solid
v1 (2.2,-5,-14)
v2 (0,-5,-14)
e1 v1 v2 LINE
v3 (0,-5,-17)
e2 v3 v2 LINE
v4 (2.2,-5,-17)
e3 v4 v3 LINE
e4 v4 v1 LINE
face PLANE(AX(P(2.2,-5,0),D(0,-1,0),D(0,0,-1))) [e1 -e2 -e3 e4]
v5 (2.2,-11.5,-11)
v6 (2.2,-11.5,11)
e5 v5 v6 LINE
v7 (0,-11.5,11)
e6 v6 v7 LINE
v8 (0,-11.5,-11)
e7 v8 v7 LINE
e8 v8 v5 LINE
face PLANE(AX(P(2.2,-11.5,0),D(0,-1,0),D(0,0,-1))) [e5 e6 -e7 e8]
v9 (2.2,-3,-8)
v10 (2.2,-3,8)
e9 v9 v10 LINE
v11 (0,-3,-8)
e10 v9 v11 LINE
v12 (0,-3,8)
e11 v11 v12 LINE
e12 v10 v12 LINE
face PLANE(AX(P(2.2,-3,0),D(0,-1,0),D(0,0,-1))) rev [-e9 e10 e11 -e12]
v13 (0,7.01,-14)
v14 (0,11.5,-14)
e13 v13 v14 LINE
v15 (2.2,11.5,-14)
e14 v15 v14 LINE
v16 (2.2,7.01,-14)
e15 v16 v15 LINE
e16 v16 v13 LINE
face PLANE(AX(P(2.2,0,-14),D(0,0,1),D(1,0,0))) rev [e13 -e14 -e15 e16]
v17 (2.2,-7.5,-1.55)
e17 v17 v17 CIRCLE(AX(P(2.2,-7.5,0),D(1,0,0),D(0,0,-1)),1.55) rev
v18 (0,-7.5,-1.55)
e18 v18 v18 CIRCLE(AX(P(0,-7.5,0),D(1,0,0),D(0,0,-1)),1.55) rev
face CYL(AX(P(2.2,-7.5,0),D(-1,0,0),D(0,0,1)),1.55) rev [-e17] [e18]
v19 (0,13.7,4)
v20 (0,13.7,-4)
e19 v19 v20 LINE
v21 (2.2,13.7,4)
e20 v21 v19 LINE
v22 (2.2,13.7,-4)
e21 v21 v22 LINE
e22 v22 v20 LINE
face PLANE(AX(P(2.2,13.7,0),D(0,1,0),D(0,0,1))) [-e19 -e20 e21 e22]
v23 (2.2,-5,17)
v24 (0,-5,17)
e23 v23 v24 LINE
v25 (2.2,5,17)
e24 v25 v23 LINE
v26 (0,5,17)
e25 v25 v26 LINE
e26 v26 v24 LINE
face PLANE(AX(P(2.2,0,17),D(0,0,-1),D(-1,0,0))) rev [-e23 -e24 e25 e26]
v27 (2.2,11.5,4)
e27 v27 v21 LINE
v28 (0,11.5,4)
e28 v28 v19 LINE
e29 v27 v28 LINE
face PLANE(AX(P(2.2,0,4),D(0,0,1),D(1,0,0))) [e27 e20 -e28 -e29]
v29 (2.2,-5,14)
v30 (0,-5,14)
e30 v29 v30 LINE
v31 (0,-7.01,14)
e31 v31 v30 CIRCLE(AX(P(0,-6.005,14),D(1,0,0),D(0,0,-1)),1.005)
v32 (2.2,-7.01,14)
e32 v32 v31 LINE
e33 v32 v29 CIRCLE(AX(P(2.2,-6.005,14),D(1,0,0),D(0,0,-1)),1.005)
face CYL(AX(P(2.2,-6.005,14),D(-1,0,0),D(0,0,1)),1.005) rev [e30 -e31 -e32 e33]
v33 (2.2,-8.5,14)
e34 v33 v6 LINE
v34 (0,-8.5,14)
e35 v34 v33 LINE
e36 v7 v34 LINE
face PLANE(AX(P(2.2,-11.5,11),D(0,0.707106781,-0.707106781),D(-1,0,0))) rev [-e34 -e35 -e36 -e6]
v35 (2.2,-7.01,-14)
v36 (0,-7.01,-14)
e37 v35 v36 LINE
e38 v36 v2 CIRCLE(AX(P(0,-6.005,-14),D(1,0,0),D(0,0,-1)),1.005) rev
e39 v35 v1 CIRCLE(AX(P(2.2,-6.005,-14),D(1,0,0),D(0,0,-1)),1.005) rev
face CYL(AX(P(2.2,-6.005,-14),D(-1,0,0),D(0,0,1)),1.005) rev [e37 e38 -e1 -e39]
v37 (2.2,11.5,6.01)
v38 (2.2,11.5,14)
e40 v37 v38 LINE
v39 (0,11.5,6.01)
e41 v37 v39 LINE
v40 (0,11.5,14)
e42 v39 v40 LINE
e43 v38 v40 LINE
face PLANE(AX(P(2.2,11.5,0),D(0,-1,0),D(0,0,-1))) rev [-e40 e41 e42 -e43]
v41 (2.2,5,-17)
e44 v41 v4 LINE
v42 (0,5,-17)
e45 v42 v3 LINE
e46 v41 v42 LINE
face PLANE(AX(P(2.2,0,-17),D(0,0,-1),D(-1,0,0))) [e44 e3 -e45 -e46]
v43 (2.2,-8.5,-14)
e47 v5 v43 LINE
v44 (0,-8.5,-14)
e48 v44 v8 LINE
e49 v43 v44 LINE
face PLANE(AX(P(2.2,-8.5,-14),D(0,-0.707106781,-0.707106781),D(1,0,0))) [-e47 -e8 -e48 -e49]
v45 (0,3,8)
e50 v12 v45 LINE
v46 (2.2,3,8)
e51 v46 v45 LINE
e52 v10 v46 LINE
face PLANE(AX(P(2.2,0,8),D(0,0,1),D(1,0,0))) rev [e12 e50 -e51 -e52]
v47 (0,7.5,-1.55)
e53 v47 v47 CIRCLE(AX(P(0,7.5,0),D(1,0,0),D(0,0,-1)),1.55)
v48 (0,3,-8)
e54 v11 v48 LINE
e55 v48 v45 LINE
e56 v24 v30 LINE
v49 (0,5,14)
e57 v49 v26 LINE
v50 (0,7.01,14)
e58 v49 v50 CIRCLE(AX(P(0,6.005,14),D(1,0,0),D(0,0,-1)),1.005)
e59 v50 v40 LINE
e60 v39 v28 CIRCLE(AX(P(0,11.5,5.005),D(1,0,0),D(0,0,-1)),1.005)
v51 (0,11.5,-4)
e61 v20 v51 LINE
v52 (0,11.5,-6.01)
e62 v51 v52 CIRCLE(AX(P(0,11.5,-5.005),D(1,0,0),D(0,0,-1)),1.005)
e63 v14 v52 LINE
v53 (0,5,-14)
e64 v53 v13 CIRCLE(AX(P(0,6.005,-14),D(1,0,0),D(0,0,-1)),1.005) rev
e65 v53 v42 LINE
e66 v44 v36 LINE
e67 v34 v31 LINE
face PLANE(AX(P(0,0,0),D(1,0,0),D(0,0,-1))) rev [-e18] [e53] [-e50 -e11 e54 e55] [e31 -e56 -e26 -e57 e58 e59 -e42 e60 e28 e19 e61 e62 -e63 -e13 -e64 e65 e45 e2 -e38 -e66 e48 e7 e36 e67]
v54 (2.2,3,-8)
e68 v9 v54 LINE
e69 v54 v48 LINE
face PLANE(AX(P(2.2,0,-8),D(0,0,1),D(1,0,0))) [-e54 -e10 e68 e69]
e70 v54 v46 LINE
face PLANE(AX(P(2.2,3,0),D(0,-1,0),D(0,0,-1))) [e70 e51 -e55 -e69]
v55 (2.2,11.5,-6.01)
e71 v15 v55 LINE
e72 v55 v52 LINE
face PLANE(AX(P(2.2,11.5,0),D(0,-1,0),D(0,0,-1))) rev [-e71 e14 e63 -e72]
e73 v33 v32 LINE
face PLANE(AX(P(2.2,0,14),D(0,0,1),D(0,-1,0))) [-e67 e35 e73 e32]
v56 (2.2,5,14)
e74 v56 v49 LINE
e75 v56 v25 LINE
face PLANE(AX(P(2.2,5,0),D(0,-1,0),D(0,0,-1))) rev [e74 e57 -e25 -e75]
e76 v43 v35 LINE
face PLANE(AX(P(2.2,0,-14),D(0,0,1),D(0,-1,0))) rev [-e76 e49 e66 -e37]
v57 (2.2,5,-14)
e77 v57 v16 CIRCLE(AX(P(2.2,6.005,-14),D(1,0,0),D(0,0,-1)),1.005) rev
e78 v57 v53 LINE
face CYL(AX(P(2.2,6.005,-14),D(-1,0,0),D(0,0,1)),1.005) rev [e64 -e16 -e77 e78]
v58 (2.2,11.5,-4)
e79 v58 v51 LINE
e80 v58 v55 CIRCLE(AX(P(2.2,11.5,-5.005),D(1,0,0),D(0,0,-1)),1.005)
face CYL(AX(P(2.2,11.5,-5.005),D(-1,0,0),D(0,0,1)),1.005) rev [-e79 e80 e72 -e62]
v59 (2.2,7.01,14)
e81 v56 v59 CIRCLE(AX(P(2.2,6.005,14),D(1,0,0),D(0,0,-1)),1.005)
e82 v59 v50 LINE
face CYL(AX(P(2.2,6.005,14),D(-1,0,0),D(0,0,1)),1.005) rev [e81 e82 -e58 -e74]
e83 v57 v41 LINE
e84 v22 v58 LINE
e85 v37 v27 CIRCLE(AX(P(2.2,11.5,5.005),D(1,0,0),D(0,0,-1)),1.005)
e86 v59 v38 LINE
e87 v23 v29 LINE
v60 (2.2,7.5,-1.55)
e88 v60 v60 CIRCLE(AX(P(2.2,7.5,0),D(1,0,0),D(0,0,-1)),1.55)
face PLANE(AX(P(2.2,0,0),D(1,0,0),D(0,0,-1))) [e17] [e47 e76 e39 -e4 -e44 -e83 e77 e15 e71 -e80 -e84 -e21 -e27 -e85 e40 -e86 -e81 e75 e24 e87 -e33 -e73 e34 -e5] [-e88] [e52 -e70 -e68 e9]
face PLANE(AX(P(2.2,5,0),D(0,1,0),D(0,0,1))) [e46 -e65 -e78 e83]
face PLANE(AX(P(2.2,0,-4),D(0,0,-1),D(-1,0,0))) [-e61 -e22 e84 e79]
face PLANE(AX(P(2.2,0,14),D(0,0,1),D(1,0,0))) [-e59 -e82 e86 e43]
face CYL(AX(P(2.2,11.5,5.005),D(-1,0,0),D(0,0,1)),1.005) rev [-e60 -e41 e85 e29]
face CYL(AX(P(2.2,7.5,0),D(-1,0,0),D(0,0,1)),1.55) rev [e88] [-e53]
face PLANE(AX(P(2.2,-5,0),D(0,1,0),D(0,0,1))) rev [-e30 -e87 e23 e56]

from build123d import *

# Parameters (mm, degrees)
SKETCH_1_R      = 1.55
SKETCH_1_W      = 16
SKETCH_1_H      = 6
EXTRUDE_1_DEPTH = 2.2
CHAMFER_1_SIZE  = 3


with BuildPart() as part:
    # 草图1 → 凸台-拉伸1 (new body)
    with BuildSketch(Plane(origin=(0, 0, 0), x_dir=(0, 0, -1), z_dir=(1, 0, 0))):
        with BuildLine():
            Line((-14, -11.5), (14, -11.5))
            Line((14, -11.5), (14, -7.01))
            ThreePointArc((14, -7.01), (12.995, -6.005), (14, -5))
            Line((14, -5), (17, -5))
            Line((17, -5), (17, 5))
            Line((17, 5), (14, 5))
            ThreePointArc((14, 5), (12.995, 6.005), (14, 7.01))
            Line((14, 7.01), (14, 11.5))
            Line((14, 11.5), (6.01, 11.5))
            ThreePointArc((6.01, 11.5), (5.005, 10.495), (4, 11.5))
            Line((4, 11.5), (4, 13.7))
            Line((4, 13.7), (-4, 13.7))
            Line((-4, 13.7), (-4, 11.5))
            ThreePointArc((-4, 11.5), (-5.005, 10.495), (-6.01, 11.5))
            Line((-6.01, 11.5), (-14, 11.5))
            Line((-14, 11.5), (-14, 7.01))
            ThreePointArc((-14, 7.01), (-13.289357685, 6.715642315), (-12.995, 6.005))
            ThreePointArc((-12.995, 6.005), (-13.289357685, 5.294357685), (-14, 5))
            Line((-14, 5), (-17, 5))
            Line((-17, 5), (-17, -5))
            Line((-17, -5), (-14, -5))
            ThreePointArc((-14, -5), (-13.289357685, -5.294357685), (-12.995, -6.005))
            ThreePointArc((-12.995, -6.005), (-13.289357685, -6.715642315), (-14, -7.01))
            Line((-14, -7.01), (-14, -11.5))
        make_face()
        with Locations((0, -7.5)):
            Circle(SKETCH_1_R, mode=Mode.SUBTRACT)
        Rectangle(SKETCH_1_W, SKETCH_1_H, mode=Mode.SUBTRACT)
        with Locations((0, 7.5)):
            Circle(SKETCH_1_R, mode=Mode.SUBTRACT)
    extrude(amount=EXTRUDE_1_DEPTH)

    # 倒角1
    chamfer_1_edges = [part.edges().sort_by_distance(p)[0] for p in [
        (1.1, -11.5, -14),
        (1.1, -11.5, 14),
    ]]
    chamfer(chamfer_1_edges, length=CHAMFER_1_SIZE)


solid = part.part
